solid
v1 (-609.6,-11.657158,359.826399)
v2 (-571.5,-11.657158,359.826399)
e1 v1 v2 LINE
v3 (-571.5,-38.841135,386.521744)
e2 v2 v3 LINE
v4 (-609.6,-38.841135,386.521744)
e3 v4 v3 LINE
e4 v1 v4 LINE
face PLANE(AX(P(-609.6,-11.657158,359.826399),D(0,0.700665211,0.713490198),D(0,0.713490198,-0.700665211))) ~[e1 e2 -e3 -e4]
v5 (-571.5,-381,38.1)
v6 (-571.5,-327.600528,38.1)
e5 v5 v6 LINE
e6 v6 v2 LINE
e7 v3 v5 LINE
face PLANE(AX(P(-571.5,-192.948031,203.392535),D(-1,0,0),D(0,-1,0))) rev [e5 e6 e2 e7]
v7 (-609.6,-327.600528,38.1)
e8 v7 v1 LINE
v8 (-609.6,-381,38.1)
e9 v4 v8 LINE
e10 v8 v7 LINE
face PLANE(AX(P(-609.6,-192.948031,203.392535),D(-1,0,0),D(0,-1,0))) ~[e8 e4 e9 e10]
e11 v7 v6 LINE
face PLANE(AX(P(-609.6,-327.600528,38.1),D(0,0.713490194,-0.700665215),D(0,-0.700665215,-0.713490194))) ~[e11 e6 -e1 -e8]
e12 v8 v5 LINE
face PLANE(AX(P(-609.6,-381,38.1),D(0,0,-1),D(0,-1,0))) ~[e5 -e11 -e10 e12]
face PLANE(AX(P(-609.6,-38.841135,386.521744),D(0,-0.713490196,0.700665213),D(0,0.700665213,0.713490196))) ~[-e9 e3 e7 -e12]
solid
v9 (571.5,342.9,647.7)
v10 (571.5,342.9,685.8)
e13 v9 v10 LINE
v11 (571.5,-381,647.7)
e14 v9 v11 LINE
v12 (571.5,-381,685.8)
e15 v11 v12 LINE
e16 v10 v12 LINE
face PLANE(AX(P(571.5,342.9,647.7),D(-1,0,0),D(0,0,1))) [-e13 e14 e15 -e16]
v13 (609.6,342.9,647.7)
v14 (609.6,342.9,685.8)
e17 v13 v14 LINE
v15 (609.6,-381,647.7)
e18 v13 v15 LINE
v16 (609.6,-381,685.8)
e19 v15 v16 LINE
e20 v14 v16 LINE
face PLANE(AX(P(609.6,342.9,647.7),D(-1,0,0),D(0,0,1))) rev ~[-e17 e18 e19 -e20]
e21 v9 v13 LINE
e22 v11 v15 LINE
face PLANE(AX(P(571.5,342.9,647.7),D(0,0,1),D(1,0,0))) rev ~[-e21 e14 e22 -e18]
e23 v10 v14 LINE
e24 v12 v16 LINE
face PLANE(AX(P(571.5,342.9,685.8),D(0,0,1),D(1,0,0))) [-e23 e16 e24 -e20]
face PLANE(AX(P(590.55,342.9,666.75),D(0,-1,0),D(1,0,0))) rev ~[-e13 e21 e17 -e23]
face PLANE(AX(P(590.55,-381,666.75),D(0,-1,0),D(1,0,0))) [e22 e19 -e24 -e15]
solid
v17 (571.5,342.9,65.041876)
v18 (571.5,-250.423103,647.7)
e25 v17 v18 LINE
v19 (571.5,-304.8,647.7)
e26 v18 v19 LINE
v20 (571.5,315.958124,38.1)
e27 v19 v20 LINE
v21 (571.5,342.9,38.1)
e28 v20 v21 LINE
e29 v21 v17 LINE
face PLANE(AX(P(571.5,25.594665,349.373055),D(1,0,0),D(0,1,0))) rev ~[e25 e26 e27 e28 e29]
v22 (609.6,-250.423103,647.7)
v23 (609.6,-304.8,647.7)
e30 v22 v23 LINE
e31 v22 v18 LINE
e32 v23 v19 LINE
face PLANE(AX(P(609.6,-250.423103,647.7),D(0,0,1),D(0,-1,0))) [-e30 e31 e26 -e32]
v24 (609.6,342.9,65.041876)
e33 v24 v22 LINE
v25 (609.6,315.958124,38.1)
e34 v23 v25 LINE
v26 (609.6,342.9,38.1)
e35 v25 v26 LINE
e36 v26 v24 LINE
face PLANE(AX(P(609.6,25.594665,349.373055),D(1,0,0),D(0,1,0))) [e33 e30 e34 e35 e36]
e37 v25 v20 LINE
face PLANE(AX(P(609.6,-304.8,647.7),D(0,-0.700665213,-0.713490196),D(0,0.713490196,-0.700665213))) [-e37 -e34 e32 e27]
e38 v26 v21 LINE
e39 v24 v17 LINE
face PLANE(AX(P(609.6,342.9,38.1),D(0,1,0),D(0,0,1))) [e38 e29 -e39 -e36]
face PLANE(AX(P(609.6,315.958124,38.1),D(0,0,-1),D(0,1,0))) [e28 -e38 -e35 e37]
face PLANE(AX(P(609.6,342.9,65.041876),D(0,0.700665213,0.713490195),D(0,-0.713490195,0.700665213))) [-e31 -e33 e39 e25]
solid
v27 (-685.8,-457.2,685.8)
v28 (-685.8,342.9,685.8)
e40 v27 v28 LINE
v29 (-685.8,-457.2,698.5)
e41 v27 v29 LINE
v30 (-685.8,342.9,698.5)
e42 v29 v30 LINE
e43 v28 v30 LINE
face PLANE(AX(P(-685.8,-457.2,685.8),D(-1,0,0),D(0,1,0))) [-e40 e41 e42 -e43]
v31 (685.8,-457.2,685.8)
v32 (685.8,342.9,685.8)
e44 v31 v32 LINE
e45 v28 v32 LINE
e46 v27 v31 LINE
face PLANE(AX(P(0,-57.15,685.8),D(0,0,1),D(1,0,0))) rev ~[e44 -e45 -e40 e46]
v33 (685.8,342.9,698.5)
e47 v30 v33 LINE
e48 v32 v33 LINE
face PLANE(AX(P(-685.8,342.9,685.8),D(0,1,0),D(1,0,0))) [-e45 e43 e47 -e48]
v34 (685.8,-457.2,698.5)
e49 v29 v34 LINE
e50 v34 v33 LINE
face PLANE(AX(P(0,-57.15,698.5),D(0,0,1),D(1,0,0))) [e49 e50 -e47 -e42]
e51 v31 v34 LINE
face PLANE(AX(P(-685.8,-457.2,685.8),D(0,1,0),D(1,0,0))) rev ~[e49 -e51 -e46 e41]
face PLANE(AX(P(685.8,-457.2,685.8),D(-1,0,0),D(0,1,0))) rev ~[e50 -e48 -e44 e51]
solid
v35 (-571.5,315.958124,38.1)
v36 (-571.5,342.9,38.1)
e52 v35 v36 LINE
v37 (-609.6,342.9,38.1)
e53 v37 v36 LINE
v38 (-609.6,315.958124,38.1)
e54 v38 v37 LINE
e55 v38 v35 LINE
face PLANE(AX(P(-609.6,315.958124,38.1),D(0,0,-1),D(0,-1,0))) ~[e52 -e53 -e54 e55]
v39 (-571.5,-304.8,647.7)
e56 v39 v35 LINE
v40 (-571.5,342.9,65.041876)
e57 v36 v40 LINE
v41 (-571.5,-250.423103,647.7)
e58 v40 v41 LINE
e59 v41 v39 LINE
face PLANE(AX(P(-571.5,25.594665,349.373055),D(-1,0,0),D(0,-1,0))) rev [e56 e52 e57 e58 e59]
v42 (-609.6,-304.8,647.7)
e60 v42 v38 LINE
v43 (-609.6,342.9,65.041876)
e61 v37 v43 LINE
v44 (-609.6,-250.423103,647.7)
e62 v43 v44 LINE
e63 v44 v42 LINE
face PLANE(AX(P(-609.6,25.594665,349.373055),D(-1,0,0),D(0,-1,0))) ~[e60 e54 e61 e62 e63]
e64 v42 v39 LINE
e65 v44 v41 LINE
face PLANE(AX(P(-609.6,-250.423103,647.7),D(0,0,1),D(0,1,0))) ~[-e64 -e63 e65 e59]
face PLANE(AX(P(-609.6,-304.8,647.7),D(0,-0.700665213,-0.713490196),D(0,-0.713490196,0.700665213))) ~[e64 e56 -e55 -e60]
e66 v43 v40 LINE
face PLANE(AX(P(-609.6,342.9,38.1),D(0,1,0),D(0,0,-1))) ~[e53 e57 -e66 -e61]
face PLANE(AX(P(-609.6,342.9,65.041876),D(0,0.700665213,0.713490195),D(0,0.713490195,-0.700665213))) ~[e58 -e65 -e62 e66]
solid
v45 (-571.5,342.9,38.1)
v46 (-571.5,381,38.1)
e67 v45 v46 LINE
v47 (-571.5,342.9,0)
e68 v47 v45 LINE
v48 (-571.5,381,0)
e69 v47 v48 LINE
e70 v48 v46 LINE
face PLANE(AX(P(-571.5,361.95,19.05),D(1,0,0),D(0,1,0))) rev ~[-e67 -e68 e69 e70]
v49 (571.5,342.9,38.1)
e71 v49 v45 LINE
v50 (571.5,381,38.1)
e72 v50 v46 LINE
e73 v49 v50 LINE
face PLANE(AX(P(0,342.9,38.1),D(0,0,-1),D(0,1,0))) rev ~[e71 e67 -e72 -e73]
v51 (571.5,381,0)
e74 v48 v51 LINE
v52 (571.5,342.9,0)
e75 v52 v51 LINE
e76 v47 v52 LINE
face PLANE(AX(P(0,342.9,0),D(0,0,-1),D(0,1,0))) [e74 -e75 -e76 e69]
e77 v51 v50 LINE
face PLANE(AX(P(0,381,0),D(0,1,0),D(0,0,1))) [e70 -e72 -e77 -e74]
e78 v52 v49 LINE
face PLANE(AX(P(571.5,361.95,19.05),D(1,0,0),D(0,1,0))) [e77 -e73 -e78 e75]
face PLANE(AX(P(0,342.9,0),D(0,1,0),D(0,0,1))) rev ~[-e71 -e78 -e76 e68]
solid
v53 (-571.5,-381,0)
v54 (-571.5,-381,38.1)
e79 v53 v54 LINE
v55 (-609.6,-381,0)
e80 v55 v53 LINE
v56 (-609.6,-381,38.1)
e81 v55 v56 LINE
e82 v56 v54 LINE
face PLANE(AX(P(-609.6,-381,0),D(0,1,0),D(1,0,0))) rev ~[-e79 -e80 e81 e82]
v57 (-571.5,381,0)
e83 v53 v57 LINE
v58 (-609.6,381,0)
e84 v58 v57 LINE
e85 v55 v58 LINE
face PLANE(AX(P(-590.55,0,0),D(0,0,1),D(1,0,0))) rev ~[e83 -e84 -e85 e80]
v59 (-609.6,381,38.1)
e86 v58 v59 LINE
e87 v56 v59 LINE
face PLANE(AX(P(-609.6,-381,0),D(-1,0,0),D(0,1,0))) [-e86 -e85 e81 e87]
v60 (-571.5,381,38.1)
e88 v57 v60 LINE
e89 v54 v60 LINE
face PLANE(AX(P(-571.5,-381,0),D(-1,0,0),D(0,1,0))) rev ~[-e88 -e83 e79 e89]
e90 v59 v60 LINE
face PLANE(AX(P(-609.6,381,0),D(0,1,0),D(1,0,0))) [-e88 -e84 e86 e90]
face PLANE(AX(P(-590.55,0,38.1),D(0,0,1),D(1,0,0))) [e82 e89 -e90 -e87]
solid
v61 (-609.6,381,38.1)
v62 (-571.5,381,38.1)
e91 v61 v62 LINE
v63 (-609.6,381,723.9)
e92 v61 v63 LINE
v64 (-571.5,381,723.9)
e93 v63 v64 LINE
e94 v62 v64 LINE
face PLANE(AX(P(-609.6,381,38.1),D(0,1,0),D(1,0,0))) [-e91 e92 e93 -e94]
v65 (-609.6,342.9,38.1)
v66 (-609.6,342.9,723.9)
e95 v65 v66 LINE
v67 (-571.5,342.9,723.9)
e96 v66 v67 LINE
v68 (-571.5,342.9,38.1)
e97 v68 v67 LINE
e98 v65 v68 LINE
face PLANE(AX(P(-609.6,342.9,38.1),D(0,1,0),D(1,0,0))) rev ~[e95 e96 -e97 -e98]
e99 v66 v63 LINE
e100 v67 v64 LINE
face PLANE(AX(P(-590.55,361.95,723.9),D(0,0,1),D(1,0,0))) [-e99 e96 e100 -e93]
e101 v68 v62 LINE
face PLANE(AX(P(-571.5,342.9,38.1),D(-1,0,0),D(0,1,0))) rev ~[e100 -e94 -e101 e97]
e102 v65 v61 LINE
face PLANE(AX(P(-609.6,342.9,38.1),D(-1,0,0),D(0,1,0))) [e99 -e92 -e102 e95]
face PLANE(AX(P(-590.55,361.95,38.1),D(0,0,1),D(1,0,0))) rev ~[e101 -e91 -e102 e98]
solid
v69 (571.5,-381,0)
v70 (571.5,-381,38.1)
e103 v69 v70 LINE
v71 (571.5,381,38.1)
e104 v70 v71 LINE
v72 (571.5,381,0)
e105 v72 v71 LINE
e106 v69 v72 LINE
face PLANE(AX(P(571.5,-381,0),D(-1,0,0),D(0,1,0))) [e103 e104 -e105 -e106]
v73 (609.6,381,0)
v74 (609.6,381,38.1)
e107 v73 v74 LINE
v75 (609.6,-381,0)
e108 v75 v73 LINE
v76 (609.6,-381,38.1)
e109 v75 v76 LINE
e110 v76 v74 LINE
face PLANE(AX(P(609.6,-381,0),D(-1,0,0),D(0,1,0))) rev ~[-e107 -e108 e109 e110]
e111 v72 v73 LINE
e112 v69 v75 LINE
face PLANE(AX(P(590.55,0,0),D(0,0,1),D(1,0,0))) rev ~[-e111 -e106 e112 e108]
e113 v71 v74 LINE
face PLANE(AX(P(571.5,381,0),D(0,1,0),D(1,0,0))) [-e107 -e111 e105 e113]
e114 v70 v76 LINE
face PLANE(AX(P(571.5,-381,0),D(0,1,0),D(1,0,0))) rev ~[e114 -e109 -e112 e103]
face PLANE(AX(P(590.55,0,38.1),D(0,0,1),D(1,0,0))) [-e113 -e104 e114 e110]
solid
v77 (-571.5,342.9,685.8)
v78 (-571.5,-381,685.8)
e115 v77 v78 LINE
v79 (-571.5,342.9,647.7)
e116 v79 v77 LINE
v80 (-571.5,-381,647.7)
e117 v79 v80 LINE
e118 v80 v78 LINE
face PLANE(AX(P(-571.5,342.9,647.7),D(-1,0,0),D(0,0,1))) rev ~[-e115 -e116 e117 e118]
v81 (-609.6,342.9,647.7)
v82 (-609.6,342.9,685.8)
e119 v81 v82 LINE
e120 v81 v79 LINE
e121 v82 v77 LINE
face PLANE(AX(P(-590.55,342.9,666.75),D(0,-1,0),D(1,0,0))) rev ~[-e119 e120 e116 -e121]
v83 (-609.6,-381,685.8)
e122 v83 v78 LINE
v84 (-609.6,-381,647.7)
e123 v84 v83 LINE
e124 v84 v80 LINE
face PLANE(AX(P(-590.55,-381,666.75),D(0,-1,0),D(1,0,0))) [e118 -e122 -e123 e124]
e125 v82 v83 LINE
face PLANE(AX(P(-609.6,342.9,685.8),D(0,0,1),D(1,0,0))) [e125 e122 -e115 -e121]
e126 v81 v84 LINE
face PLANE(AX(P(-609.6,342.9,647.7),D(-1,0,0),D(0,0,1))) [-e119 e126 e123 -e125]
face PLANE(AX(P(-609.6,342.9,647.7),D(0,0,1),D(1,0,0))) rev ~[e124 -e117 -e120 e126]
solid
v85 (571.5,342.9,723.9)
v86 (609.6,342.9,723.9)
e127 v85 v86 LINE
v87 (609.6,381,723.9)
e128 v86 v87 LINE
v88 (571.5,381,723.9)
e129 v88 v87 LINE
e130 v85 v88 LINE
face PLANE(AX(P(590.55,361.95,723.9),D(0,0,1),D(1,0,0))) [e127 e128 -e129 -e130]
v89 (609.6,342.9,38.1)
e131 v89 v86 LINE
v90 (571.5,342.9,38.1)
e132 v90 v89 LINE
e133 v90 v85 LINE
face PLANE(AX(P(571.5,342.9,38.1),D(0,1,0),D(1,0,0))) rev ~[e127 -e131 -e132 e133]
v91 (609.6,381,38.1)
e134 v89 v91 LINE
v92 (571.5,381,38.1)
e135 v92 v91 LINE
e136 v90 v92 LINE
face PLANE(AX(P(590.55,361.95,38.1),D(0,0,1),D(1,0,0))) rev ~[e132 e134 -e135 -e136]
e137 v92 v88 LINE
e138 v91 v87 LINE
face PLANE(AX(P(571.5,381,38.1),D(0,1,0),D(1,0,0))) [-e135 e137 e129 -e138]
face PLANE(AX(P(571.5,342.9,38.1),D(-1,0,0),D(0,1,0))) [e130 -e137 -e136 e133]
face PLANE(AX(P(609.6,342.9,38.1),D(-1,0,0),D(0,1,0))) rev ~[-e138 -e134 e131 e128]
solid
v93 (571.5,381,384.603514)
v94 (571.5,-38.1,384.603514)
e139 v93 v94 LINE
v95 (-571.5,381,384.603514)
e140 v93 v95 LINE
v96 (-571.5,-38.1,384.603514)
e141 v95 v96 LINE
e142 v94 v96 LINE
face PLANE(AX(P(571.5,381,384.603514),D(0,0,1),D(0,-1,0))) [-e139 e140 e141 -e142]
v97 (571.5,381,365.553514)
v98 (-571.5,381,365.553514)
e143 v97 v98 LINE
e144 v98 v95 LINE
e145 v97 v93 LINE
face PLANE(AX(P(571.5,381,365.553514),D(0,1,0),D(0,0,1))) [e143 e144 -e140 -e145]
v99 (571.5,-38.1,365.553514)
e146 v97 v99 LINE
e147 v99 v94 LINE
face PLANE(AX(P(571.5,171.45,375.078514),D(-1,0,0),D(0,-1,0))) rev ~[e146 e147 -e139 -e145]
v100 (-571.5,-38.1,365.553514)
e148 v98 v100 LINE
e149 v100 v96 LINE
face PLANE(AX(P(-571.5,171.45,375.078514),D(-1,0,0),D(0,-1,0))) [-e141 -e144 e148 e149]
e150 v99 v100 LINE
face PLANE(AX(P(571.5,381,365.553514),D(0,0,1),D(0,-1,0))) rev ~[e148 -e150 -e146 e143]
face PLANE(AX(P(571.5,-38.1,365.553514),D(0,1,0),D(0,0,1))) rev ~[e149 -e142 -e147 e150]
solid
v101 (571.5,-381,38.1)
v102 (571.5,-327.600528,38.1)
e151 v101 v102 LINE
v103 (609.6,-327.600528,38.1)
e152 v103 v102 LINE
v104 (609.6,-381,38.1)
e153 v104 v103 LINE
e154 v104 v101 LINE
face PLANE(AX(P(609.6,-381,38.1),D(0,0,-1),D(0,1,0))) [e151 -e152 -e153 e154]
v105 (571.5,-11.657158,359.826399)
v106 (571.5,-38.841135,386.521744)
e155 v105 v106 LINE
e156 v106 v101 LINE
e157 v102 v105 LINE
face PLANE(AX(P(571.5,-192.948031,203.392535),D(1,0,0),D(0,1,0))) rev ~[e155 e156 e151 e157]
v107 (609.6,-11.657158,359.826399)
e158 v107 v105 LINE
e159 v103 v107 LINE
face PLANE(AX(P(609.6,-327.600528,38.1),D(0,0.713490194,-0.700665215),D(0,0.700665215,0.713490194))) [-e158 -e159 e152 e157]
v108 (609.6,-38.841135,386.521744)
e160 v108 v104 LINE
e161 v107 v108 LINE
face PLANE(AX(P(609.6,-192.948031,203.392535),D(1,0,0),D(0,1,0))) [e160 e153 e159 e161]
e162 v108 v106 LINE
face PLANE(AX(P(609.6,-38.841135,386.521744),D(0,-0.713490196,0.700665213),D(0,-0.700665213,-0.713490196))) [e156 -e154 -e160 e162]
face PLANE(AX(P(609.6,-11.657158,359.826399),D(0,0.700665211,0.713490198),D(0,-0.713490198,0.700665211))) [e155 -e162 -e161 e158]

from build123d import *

# Parameters (mm, degrees)
F0_W           = 38.1
F0_H           = 762
F1_DEPTH       = 38.1
F2_W           = 38.1
F2_H           = 38.1
F3_DEPTH       = 685.8
F5_DEPTH       = 38.1
F6_W           = 38.1
F6_H           = 38.1
F7_DEPTH       = 723.9
F9_W           = 419.1
F9_H           = 19.05
F10_DEPTH      = 1143
F11_W          = 1371.6
F11_H          = 800.1
F12_DEPTH      = 12.7
F13_W          = 38.1
F13_H          = 38.1
F14_DEPTH      = 571.5
F14_DEPTH_BACK = 571.5
F16_DEPTH      = 38.1


with BuildPart() as f1:
    # F0 (on Top) → F1 (new body)
    with BuildSketch(Plane.XY):
        with Locations((-590.55, 0)):
            Rectangle(F0_W, F0_H)
        with Locations((590.55, 0)):
            Rectangle(F0_W, F0_H)
    extrude(amount=F1_DEPTH)


with BuildPart() as f3:
    # F2 (on face) → F3 (new body)
    with BuildSketch(Plane.XY.offset(38.1)):
        with Locations((-590.55, 361.95)):
            Rectangle(F2_W, F2_H)
        with Locations((590.55, 361.95)):
            Rectangle(F2_W, F2_H)
    extrude(amount=F3_DEPTH)


with BuildPart() as f5:
    # F4 (on face) → F5 (new body)
    with BuildSketch(Plane.YZ.offset(609.6)):
        Polygon((315.958124, 38.1), (342.9, 38.1), (342.9, 65.041876), (-250.423103, 647.7), (-304.8, 647.7), align=None)
    extrude(amount=-F5_DEPTH)


with BuildPart() as f7:
    # F6 (on face) → F7 (new body)
    with BuildSketch(Plane.XZ.offset(-342.9)):
        with Locations((-590.55, 666.75)):
            Rectangle(F6_W, F6_H)
        with Locations((590.55, 666.75)):
            Rectangle(F6_W, F6_H)
    extrude(amount=F7_DEPTH)


with BuildPart() as f8_1:
    # F8: instance of F5
    add(f5.part.mirror(Plane.YZ))


with BuildPart() as f10:
    # F9 (on face) → F10 (new body, through all)
    with BuildSketch(Plane(origin=(571.5, 0, 0), x_dir=(0, -1, 0), z_dir=(-1, 0, 0))):
        with Locations((-171.45, 375.078514)):
            Rectangle(F9_W, F9_H)
    extrude(amount=F10_DEPTH)


with BuildPart() as f12:
    # F11 (on face) → F12 (new body)
    with BuildSketch(Plane.XY.offset(685.8)):
        with Locations((0, -57.15)):
            Rectangle(F11_W, F11_H)
    extrude(amount=F12_DEPTH)


with BuildPart() as f14:
    # F13 (on Right) → F14 (new body, two sides)
    with BuildSketch(Plane.YZ) as f14_sk:
        with Locations((361.95, 19.05)):
            Rectangle(F13_W, F13_H)
    extrude(amount=F14_DEPTH)
    extrude(f14_sk.sketch, amount=-F14_DEPTH_BACK)


with BuildPart() as f16:
    # F15 (on face) → F16 (new body)
    with BuildSketch(Plane.YZ.offset(609.6)):
        Polygon((-38.841135, 386.521744), (-381, 38.1), (-327.600528, 38.1), (-11.657158, 359.826399), align=None)
    extrude(amount=-F16_DEPTH)


with BuildPart() as f17_1:
    # F17: instance of F16
    add(f16.part.mirror(Plane.YZ))


solid = Compound([f1.part, f3.part, f5.part, f7.part, f8_1.part, f10.part, f12.part, f14.part, f16.part, f17_1.part])
